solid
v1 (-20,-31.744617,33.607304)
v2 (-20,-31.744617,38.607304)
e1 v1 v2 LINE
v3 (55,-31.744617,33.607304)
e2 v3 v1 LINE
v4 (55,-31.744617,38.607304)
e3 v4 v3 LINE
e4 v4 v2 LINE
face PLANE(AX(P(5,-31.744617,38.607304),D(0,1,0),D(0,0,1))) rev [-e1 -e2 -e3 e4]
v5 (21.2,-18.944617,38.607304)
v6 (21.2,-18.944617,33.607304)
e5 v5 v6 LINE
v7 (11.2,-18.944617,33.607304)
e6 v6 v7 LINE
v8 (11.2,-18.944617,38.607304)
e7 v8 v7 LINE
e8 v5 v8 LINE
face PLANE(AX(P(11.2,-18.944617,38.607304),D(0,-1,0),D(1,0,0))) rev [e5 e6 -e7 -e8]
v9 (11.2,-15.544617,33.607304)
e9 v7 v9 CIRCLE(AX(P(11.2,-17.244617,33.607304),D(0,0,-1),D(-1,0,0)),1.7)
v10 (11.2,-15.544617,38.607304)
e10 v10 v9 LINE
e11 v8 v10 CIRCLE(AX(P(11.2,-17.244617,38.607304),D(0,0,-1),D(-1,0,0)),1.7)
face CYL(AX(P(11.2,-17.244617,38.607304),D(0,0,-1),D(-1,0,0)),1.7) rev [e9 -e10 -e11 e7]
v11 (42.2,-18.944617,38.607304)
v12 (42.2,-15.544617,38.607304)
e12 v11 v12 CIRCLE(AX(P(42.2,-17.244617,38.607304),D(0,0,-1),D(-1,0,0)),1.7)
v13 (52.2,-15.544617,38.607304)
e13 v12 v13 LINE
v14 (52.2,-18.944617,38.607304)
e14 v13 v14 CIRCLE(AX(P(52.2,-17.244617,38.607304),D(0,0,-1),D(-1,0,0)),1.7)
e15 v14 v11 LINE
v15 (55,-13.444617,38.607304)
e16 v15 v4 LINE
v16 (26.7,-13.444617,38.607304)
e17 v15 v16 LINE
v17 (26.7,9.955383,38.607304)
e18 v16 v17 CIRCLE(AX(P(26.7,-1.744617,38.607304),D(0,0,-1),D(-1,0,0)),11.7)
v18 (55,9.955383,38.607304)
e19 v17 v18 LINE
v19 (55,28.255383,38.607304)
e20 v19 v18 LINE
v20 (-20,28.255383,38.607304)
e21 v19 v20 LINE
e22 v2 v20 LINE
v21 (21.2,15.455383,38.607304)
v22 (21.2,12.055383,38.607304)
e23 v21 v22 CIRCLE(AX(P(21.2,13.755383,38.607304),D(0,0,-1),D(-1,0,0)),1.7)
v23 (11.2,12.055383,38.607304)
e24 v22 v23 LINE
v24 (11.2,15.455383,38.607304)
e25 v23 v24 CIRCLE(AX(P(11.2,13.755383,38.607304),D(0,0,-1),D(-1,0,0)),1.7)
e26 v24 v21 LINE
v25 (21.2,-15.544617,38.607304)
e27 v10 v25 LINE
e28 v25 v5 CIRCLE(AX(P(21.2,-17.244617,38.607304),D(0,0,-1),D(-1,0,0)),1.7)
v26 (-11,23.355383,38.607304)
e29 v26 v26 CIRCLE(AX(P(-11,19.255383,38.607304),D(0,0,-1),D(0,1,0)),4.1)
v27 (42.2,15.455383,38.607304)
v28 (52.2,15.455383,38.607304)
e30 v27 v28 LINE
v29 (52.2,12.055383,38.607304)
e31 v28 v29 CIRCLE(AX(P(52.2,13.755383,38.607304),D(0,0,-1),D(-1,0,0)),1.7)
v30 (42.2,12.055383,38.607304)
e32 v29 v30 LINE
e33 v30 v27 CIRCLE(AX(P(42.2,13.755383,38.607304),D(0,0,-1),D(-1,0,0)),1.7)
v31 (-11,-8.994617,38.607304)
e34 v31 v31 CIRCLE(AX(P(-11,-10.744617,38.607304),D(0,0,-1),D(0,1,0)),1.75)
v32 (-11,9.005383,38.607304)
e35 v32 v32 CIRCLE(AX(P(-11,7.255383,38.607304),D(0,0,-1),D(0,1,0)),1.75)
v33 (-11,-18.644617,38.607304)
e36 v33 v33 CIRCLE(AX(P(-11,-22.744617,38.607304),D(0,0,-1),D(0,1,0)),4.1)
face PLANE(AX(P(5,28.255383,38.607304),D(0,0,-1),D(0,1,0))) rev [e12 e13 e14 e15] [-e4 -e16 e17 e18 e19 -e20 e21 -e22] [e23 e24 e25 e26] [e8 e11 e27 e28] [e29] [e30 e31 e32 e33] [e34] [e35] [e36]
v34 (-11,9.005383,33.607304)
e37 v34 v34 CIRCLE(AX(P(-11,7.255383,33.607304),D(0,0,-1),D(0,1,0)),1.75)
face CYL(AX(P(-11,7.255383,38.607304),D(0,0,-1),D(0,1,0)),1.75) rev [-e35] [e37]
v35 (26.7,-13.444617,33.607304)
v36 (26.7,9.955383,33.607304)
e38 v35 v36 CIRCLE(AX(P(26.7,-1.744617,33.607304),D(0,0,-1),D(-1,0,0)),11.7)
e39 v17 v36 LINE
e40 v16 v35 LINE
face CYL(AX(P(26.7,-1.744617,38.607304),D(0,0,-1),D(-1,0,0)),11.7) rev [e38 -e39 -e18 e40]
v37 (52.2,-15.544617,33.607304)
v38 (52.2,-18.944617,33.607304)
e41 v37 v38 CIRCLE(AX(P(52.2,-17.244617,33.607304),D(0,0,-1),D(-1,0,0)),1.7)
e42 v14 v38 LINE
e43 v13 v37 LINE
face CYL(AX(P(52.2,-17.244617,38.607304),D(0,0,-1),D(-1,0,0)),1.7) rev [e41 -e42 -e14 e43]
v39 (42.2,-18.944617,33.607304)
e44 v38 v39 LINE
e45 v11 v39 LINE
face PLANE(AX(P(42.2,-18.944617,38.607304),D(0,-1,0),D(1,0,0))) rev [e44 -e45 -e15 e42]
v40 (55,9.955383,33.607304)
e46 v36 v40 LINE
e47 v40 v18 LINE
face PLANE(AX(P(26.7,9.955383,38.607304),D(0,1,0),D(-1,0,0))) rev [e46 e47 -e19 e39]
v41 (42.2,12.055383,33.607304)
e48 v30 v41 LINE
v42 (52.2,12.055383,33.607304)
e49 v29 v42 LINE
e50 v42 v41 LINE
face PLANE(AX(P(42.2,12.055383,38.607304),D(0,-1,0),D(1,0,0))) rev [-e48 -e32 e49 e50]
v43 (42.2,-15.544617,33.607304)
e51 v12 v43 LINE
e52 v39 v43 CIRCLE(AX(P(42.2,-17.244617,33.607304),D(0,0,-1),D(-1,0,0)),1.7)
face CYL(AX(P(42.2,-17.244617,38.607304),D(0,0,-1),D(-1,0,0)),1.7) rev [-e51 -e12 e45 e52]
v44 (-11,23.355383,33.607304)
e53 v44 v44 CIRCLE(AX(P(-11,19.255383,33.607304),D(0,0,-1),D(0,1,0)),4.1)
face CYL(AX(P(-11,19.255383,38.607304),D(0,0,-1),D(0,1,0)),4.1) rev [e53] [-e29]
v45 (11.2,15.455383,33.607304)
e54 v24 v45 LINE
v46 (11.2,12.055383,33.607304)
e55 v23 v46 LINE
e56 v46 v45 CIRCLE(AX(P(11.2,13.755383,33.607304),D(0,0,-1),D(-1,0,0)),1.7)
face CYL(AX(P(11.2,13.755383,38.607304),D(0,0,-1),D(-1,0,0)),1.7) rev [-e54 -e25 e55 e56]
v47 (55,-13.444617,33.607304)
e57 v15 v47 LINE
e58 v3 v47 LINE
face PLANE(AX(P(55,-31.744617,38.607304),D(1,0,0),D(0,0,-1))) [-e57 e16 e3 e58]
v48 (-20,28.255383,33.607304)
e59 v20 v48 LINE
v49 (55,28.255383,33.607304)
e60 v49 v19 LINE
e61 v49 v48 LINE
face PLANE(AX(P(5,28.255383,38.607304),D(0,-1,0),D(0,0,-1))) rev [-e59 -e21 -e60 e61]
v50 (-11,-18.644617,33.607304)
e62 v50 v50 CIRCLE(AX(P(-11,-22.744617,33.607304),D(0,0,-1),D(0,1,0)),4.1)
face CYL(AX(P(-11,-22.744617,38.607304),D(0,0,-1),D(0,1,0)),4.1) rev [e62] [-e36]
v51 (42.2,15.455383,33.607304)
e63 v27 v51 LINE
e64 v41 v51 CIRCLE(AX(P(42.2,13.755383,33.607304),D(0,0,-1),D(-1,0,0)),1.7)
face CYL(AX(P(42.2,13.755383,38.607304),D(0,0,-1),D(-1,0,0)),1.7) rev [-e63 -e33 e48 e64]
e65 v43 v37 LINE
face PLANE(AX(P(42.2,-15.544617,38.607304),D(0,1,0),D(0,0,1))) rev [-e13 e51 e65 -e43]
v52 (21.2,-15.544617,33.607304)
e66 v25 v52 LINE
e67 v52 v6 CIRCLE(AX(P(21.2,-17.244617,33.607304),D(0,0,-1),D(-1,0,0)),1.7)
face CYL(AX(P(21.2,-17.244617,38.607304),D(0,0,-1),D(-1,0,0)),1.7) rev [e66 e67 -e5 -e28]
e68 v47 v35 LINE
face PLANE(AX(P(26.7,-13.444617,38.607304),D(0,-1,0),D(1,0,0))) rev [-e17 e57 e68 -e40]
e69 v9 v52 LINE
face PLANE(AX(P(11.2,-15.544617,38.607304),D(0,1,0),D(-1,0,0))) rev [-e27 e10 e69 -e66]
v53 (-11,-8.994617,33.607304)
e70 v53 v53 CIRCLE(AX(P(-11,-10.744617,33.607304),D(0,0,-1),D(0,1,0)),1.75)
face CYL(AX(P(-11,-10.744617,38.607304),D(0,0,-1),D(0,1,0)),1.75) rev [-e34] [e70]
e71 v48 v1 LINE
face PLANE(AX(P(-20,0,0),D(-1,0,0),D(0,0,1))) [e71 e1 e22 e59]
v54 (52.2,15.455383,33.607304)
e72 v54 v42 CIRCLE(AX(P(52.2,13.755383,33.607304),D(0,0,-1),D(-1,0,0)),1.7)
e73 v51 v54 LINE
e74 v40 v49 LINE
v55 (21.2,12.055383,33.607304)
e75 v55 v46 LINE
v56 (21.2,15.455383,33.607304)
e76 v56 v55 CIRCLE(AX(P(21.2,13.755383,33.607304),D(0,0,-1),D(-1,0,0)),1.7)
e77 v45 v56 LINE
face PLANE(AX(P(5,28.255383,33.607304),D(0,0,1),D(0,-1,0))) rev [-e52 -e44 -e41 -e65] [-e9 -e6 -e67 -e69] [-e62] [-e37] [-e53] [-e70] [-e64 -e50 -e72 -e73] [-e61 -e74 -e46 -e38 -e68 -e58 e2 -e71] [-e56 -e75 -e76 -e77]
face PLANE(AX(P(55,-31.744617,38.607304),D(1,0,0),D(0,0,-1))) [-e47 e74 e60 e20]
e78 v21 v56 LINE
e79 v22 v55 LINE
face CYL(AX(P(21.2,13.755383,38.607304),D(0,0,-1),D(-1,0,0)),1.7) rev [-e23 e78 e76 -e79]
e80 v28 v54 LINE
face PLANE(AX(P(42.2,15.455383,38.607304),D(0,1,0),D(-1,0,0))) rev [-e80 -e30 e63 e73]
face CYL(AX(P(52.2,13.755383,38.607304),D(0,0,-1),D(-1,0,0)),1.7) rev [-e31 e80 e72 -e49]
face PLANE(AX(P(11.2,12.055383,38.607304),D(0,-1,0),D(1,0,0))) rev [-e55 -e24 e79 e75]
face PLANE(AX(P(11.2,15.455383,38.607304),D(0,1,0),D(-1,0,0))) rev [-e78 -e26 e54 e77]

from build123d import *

# Parameters (mm, degrees)
SKETCH1_W           = 5
SKETCH1_H           = 60
BOSS_EXTRUDE1_DEPTH = 5
SKETCH2_W           = 5
SKETCH2_H           = 60
BOSS_EXTRUDE2_DEPTH = 50
CUT_EXTRUDE4_DEPTH  = 6
CUT_EXTRUDE5_DEPTH  = 6
SKETCH7_W           = 5
SKETCH7_H           = 60
BOSS_EXTRUDE3_DEPTH = 20
SKETCH8_R           = 4.1
SKETCH8_R_2         = 1.75
CUT_EXTRUDE6_DEPTH  = 6


with BuildPart() as part:
    # Sketch1 → Boss-Extrude1 (new body)
    with BuildSketch(Plane(origin=(0, 0, 0), x_dir=(0, 0, -1), z_dir=(1, 0, 0))):
        with Locations((-36.107304337, -1.744616853)):
            Rectangle(SKETCH1_W, SKETCH1_H)
    extrude(amount=BOSS_EXTRUDE1_DEPTH)

    # Sketch2 → Boss-Extrude2 (add)
    with BuildSketch(Plane(origin=(5, 0, 0), x_dir=(0, 0, -1), z_dir=(1, 0, 0))):
        with Locations((-36.107304337, -1.744616853)):
            Rectangle(SKETCH2_W, SKETCH2_H)
    extrude(amount=BOSS_EXTRUDE2_DEPTH)

    # Sketch5 → Cut-Extrude4 (cut, through all)
    with BuildSketch(Plane(origin=(0, 0, 33.607304337), x_dir=(-1, 0, 0), z_dir=(0, 0, -1))):
        with BuildLine():
            Line((-26.7, -13.444616853), (-56.7, -13.444616853))
            ThreePointArc((-56.7, -13.444616853), (-68.4, -1.744616853), (-56.7, 9.955383147))
            Line((-56.7, 9.955383147), (-26.7, 9.955383147))
            ThreePointArc((-26.7, 9.955383147), (-15, -1.744616853), (-26.7, -13.444616853))
        make_face()
    extrude(amount=-CUT_EXTRUDE4_DEPTH, mode=Mode.SUBTRACT)

    # Sketch6 → Cut-Extrude5 (cut, through all)
    with BuildSketch(Plane(origin=(0, 0, 33.607304337), x_dir=(-1, 0, 0), z_dir=(0, 0, -1))):
        with BuildLine():
            Line((-42.2, 12.055383147), (-52.2, 12.055383147))
            ThreePointArc((-52.2, 12.055383147), (-53.9, 13.755383147), (-52.2, 15.455383147))
            Line((-52.2, 15.455383147), (-42.2, 15.455383147))
            ThreePointArc((-42.2, 15.455383147), (-40.5, 13.755383147), (-42.2, 12.055383147))
        make_face()
        with BuildLine():
            Line((-42.2, -18.944616853), (-52.2, -18.944616853))
            ThreePointArc((-52.2, -18.944616853), (-53.9, -17.244616853), (-52.2, -15.544616853))
            Line((-52.2, -15.544616853), (-42.2, -15.544616853))
            ThreePointArc((-42.2, -15.544616853), (-40.5, -17.244616853), (-42.2, -18.944616853))
        make_face()
        with BuildLine():
            Line((-11.2, -18.944616853), (-21.2, -18.944616853))
            ThreePointArc((-21.2, -18.944616853), (-22.9, -17.244616853), (-21.2, -15.544616853))
            Line((-21.2, -15.544616853), (-11.2, -15.544616853))
            ThreePointArc((-11.2, -15.544616853), (-9.5, -17.244616853), (-11.2, -18.944616853))
        make_face()
        with BuildLine():
            Line((-11.2, 12.055383147), (-21.2, 12.055383147))
            ThreePointArc((-21.2, 12.055383147), (-22.9, 13.755383147), (-21.2, 15.455383147))
            Line((-21.2, 15.455383147), (-11.2, 15.455383147))
            ThreePointArc((-11.2, 15.455383147), (-9.5, 13.755383147), (-11.2, 12.055383147))
        make_face()
    extrude(amount=-CUT_EXTRUDE5_DEPTH, mode=Mode.SUBTRACT)

    # Sketch7 → Boss-Extrude3 (add)
    with BuildSketch(Plane.ZY):
        with Locations((36.107304337, -1.744616853)):
            Rectangle(SKETCH7_W, SKETCH7_H)
    extrude(amount=BOSS_EXTRUDE3_DEPTH)

    # Sketch8 → Cut-Extrude6 (cut, through all)
    with BuildSketch(Plane(origin=(0, 0, 33.607304337), x_dir=(-1, 0, 0), z_dir=(0, 0, -1))):
        with Locations((11, 19.255383147)):
            Circle(SKETCH8_R)
        with Locations((11, -22.744616853)):
            Circle(SKETCH8_R)
        with Locations((11, -10.744616853)):
            Circle(SKETCH8_R_2)
        with Locations((11, 7.255383147)):
            Circle(SKETCH8_R_2)
    extrude(amount=-CUT_EXTRUDE6_DEPTH, mode=Mode.SUBTRACT)


solid = part.part
